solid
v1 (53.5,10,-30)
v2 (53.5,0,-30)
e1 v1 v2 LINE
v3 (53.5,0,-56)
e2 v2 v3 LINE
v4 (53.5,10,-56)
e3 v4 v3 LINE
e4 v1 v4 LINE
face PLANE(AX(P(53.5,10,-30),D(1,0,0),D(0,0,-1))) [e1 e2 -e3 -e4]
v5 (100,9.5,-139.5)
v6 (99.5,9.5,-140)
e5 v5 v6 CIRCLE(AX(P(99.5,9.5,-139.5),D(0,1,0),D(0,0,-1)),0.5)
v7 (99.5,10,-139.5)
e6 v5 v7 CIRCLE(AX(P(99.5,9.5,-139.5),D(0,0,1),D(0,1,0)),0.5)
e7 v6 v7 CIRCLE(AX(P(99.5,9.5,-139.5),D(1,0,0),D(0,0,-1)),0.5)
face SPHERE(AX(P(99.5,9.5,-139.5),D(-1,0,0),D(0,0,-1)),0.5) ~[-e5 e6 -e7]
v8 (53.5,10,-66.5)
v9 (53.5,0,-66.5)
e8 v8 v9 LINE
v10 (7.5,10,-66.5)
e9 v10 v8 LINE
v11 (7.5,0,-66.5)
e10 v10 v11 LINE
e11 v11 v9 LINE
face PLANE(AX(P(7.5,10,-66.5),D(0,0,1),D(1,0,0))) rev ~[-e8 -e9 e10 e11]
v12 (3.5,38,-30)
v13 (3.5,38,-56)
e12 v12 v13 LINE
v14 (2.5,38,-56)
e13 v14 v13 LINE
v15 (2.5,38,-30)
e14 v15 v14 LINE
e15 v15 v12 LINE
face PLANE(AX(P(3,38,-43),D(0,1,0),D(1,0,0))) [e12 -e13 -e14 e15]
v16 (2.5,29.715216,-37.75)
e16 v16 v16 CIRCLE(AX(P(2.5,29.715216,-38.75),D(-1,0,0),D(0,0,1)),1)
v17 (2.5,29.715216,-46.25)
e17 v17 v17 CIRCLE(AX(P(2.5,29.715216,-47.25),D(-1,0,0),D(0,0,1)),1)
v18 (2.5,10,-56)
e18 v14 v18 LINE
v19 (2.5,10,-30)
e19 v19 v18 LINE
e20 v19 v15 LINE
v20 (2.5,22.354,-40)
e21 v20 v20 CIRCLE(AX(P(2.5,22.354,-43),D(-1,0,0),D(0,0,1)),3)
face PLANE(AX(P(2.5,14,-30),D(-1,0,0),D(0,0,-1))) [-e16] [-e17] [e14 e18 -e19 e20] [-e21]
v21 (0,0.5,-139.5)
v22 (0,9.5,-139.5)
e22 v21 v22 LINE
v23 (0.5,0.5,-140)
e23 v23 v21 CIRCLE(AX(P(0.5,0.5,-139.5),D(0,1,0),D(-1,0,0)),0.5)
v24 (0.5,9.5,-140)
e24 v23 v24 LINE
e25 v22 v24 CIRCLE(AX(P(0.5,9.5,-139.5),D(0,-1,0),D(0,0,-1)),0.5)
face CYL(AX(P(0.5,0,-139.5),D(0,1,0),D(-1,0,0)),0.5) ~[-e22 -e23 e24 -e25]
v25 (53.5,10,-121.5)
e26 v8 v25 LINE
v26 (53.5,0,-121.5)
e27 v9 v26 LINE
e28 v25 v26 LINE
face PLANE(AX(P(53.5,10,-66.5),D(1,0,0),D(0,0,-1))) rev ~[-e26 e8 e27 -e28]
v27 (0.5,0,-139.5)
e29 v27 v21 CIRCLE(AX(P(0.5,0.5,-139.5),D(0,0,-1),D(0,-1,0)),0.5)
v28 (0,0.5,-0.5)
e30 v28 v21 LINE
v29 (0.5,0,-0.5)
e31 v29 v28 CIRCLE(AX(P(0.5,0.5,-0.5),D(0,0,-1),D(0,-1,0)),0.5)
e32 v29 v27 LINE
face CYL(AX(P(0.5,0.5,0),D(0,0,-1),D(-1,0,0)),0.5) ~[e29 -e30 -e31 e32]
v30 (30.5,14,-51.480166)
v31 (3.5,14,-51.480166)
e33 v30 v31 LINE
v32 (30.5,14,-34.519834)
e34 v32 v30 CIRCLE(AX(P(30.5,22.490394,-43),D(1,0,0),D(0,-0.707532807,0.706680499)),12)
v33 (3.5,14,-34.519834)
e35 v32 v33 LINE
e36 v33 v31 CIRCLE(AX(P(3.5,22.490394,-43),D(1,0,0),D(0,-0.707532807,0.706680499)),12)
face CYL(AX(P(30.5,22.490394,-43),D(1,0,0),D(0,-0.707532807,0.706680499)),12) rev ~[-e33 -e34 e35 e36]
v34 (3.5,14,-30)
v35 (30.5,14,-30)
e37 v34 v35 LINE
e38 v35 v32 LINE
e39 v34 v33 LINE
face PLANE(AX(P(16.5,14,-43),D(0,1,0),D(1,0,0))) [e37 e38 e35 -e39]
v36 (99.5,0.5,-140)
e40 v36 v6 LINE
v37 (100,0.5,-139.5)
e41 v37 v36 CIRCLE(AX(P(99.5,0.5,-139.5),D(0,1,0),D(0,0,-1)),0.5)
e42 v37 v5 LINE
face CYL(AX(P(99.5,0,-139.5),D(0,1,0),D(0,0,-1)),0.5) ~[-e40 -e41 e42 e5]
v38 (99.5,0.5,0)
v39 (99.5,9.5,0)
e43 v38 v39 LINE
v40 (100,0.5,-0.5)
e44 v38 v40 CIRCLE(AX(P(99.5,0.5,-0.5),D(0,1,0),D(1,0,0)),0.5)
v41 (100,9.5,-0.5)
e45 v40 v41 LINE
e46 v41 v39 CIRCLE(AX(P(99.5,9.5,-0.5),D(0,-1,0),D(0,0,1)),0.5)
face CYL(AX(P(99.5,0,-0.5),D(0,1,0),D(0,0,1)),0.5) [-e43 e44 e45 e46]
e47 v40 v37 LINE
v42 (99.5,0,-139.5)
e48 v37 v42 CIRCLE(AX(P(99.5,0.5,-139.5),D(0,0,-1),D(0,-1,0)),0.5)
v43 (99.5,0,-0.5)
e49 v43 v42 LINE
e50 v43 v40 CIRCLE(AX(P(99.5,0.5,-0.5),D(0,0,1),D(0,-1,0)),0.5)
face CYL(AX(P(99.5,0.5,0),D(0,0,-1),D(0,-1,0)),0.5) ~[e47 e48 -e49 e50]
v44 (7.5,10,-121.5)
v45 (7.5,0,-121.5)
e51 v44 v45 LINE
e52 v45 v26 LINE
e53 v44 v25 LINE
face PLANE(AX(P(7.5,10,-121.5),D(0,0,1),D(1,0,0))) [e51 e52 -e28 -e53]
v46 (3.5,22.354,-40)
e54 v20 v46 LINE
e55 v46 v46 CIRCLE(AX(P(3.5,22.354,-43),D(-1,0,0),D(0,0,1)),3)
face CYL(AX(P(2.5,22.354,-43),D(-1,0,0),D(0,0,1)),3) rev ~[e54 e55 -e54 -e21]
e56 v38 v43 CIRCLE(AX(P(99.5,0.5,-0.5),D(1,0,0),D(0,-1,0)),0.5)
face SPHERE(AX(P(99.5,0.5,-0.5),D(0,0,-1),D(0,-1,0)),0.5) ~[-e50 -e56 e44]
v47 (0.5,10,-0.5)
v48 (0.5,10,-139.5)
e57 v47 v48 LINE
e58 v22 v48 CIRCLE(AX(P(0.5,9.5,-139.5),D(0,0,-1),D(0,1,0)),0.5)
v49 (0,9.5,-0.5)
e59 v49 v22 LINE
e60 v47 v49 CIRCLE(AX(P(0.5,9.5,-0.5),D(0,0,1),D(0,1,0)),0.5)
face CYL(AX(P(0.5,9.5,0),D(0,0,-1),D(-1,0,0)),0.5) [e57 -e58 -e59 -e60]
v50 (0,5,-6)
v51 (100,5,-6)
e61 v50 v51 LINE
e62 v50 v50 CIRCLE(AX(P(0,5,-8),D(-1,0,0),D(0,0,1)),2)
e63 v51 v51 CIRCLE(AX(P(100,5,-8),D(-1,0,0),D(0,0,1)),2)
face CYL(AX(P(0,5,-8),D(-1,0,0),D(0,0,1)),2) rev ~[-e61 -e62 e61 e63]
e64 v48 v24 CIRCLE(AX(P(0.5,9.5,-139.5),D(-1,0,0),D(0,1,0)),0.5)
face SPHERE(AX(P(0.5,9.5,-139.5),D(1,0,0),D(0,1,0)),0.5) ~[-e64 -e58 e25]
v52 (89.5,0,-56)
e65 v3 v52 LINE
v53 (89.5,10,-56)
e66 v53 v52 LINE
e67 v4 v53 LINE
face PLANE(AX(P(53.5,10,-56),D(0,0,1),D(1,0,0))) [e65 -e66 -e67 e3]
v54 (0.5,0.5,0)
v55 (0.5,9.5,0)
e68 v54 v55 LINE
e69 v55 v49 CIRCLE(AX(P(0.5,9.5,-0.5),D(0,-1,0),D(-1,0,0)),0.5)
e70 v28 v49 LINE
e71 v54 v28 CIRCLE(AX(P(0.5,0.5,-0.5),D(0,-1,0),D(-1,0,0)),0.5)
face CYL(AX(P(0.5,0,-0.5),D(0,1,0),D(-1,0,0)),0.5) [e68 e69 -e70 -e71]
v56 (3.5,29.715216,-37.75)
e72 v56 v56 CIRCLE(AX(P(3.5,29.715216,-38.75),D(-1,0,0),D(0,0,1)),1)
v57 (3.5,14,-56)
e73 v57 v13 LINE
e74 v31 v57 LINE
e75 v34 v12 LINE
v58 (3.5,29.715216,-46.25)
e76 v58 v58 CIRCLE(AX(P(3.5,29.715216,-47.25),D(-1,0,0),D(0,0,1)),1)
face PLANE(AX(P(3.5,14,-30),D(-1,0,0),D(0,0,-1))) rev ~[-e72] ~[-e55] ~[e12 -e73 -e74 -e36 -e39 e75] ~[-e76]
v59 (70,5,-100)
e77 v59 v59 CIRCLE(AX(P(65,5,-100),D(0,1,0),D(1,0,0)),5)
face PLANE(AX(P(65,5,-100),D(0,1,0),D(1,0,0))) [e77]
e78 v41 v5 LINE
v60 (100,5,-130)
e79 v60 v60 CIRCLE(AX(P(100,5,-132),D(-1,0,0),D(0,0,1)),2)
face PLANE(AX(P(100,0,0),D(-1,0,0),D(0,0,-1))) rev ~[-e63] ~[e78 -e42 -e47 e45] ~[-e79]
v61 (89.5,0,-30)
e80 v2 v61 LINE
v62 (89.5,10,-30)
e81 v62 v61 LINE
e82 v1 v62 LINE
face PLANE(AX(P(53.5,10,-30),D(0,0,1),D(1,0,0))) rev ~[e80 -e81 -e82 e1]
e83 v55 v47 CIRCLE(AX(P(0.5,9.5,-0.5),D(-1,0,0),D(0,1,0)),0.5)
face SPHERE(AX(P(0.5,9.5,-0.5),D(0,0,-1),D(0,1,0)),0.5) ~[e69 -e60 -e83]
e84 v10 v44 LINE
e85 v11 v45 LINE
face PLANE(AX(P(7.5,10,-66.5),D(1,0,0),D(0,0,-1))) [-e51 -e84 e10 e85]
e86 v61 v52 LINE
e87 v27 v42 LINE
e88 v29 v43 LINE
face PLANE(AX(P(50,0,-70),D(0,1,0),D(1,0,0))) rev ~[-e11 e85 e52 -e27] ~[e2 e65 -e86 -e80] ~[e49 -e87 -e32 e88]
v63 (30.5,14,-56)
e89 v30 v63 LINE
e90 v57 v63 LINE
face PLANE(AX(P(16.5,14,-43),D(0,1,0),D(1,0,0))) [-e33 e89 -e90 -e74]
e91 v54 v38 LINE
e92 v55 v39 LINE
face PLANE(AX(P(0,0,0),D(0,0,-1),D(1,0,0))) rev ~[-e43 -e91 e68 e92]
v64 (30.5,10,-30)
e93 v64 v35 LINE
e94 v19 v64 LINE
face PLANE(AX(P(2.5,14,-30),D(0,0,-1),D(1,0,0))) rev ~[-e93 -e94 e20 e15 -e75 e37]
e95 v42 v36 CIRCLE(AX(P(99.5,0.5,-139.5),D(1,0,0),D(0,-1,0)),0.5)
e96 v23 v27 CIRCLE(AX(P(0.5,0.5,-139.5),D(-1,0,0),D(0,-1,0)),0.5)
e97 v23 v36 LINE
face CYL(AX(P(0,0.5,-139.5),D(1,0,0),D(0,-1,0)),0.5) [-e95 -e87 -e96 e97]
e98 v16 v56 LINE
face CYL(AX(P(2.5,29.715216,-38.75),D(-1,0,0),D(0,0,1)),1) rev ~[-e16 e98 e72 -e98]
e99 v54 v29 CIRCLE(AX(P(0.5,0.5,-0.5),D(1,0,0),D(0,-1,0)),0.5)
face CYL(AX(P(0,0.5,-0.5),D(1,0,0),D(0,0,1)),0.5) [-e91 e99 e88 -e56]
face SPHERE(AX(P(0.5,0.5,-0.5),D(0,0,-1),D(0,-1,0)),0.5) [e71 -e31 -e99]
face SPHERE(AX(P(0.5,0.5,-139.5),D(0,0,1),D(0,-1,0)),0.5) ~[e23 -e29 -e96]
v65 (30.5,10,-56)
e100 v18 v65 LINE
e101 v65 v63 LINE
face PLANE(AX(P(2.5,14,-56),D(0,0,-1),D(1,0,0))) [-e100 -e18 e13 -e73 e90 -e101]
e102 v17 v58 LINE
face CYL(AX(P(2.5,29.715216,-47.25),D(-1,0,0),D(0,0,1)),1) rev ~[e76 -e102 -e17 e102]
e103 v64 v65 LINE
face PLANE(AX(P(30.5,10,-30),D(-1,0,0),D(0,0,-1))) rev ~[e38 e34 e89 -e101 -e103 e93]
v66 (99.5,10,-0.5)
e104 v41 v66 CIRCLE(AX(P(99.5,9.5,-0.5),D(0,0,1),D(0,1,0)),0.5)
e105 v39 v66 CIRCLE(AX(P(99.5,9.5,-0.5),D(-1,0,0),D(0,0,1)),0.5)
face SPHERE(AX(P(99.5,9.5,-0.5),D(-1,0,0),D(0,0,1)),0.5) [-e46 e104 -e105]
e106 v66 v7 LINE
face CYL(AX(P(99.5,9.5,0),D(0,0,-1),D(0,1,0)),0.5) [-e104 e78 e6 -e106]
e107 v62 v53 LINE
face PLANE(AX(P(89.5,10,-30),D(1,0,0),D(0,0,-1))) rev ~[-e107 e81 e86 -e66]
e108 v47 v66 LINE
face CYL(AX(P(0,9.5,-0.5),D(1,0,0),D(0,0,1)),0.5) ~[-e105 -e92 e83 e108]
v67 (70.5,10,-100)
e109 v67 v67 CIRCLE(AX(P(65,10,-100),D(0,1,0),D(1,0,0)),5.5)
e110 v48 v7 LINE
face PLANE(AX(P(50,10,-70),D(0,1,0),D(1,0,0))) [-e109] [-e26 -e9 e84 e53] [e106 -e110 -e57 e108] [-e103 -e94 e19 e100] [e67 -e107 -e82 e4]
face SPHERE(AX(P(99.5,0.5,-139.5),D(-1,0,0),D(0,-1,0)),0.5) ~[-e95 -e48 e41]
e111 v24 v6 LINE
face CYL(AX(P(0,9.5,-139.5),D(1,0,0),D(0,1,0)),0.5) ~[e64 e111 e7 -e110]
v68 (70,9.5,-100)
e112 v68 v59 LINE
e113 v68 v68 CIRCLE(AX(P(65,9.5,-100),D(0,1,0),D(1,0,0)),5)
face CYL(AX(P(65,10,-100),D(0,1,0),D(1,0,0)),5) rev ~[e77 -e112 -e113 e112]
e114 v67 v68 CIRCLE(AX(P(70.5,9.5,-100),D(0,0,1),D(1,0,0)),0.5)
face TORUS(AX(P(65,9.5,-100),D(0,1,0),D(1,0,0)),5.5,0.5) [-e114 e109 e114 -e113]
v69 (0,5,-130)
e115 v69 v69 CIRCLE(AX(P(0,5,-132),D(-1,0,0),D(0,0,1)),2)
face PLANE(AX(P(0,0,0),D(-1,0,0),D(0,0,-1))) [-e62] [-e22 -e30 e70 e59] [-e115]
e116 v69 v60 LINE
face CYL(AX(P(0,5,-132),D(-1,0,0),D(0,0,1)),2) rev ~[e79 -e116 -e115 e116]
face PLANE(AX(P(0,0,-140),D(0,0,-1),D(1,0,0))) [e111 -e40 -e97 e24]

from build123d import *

# Parameters (mm, degrees)
SKETCH2_W               = 100
SKETCH2_H               = 140
BOSS_EXTRUDE1_DEPTH     = 10
SKETCH3_R               = 5
MOUNTHOLE_DEPTH         = 5
SKETCH4_R               = 2
CUT_EXTRUDE2_DEPTH      = 101
SKETCH5_R               = 2
CUT_EXTRUDE3_DEPTH      = 101
FILLET4_R               = 0.5
FILLET6_R               = 0.5
SKETCH7_W               = 28
SKETCH7_H               = 26
BOSS_EXTRUDE2_DEPTH     = 4
SKETCH21_W              = 46
SKETCH21_H              = 55
SKETCH21_W_2            = 36
SKETCH21_H_2            = 26
CUT_EXTRUDE10_DEPTH     = 11
SKETCH10_W              = 1
SKETCH10_H              = 26
BOSS_EXTRUDE3_DEPTH     = 24
SKETCH13_R              = 3
SKETCH13_R_2            = 1
CUT_EXTRUDE6_DEPTH      = 1
CUT_EXTRUDE9_DEPTH      = 70.5
CUT_EXTRUDE9_DEPTH_BACK = 27


with BuildPart() as part:
    # Sketch2 → Boss-Extrude1 (new body)
    with BuildSketch(Plane(origin=(0, 0, 0), x_dir=(1, 0, 0), z_dir=(0, 1, 0))):
        with Locations((50, 70)):
            Rectangle(SKETCH2_W, SKETCH2_H)
    extrude(amount=BOSS_EXTRUDE1_DEPTH)

    # Sketch3 → MountHole (cut)
    with BuildSketch(Plane(origin=(0, 10, 0), x_dir=(1, 0, 0), z_dir=(0, 1, 0))):
        with Locations((65, 100)):
            Circle(SKETCH3_R)
    extrude(amount=-MOUNTHOLE_DEPTH, mode=Mode.SUBTRACT)

    # Sketch4 → Cut-Extrude2 (cut, through all)
    with BuildSketch(Plane.ZY):
        with Locations((-8, 5)):
            Circle(SKETCH4_R)
    extrude(amount=-CUT_EXTRUDE2_DEPTH, mode=Mode.SUBTRACT)

    # Sketch5 → Cut-Extrude3 (cut, through all)
    with BuildSketch(Plane.ZY):
        with Locations((-132, 5)):
            Circle(SKETCH5_R)
    extrude(amount=-CUT_EXTRUDE3_DEPTH, mode=Mode.SUBTRACT)

    # Fillet4
    fillet4_edges = [part.edges().sort_by_distance(p)[0] for p in [
        (50, 10, -140),
        (0, 10, -70),
        (50, 10, 0),
        (0, 0, -70),
        (50, 0, -140),
        (100, 0, -70),
        (50, 0, 0),
        (0, 5, 0),
        (0, 5, -140),
        (100, 5, -140),
        (100, 5, 0),
        (100, 10, -70),
    ]]
    fillet(fillet4_edges, radius=FILLET4_R)

    # Fillet6
    fillet6_edges = [part.edges().sort_by_distance(p)[0] for p in [
        (60, 10, -100),
    ]]
    fillet(fillet6_edges, radius=FILLET6_R)

    # Sketch7 → Boss-Extrude2 (add)
    with BuildSketch(Plane(origin=(0, 10, 0), x_dir=(1, 0, 0), z_dir=(0, 1, 0))):
        with Locations((16.5, 43)):
            Rectangle(SKETCH7_W, SKETCH7_H)
    extrude(amount=BOSS_EXTRUDE2_DEPTH)

    # Sketch21 → Cut-Extrude10 (cut, through all)
    with BuildSketch(Plane(origin=(0, 10, 0), x_dir=(1, 0, 0), z_dir=(0, 1, 0))):
        with Locations((30.5, 94)):
            Rectangle(SKETCH21_W, SKETCH21_H)
        with Locations((71.5, 43)):
            Rectangle(SKETCH21_W_2, SKETCH21_H_2)
    extrude(amount=-CUT_EXTRUDE10_DEPTH, mode=Mode.SUBTRACT)

    # Sketch10 → Boss-Extrude3 (add)
    with BuildSketch(Plane(origin=(0, 14, 0), x_dir=(1, 0, 0), z_dir=(0, 1, 0))):
        with Locations((3, 43)):
            Rectangle(SKETCH10_W, SKETCH10_H)
    extrude(amount=BOSS_EXTRUDE3_DEPTH)

    # Sketch13 → Cut-Extrude6 (cut)
    with BuildSketch(Plane.ZY.offset(-2.5)):
        with Locations((-43, 22.354)):
            Circle(SKETCH13_R)
        with Locations((-38.75, 29.715215932)):
            Circle(SKETCH13_R_2)
        with Locations((-47.25, 29.715215932)):
            Circle(SKETCH13_R_2)
    extrude(amount=-CUT_EXTRUDE6_DEPTH, mode=Mode.SUBTRACT)

    # Sketch20 → Cut-Extrude9 (cut, two sides)
    with BuildSketch(Plane(origin=(30.5, 0, 0), x_dir=(0, 0, -1), z_dir=(1, 0, 0))) as cut_extrude9_sk:
        with BuildLine():
            Line((-205.175487121, 14), (30, 14))
            Line((30, 14), (34.519834012, 14))
            ThreePointArc((34.519834012, 14), (43, 10.490393679), (51.480165988, 14))
            Line((51.480165988, 14), (56, 14))
            Line((56, 14), (291.175487121, 14))
            Line((291.175487121, 14), (291.175487121, 484.350974241))
            Line((291.175487121, 484.350974241), (-205.175487121, 484.350974241))
            Line((-205.175487121, 484.350974241), (-205.175487121, 14))
        make_face()
    extrude(amount=CUT_EXTRUDE9_DEPTH, mode=Mode.SUBTRACT)
    extrude(cut_extrude9_sk.sketch, amount=-CUT_EXTRUDE9_DEPTH_BACK, mode=Mode.SUBTRACT)


solid = part.part
